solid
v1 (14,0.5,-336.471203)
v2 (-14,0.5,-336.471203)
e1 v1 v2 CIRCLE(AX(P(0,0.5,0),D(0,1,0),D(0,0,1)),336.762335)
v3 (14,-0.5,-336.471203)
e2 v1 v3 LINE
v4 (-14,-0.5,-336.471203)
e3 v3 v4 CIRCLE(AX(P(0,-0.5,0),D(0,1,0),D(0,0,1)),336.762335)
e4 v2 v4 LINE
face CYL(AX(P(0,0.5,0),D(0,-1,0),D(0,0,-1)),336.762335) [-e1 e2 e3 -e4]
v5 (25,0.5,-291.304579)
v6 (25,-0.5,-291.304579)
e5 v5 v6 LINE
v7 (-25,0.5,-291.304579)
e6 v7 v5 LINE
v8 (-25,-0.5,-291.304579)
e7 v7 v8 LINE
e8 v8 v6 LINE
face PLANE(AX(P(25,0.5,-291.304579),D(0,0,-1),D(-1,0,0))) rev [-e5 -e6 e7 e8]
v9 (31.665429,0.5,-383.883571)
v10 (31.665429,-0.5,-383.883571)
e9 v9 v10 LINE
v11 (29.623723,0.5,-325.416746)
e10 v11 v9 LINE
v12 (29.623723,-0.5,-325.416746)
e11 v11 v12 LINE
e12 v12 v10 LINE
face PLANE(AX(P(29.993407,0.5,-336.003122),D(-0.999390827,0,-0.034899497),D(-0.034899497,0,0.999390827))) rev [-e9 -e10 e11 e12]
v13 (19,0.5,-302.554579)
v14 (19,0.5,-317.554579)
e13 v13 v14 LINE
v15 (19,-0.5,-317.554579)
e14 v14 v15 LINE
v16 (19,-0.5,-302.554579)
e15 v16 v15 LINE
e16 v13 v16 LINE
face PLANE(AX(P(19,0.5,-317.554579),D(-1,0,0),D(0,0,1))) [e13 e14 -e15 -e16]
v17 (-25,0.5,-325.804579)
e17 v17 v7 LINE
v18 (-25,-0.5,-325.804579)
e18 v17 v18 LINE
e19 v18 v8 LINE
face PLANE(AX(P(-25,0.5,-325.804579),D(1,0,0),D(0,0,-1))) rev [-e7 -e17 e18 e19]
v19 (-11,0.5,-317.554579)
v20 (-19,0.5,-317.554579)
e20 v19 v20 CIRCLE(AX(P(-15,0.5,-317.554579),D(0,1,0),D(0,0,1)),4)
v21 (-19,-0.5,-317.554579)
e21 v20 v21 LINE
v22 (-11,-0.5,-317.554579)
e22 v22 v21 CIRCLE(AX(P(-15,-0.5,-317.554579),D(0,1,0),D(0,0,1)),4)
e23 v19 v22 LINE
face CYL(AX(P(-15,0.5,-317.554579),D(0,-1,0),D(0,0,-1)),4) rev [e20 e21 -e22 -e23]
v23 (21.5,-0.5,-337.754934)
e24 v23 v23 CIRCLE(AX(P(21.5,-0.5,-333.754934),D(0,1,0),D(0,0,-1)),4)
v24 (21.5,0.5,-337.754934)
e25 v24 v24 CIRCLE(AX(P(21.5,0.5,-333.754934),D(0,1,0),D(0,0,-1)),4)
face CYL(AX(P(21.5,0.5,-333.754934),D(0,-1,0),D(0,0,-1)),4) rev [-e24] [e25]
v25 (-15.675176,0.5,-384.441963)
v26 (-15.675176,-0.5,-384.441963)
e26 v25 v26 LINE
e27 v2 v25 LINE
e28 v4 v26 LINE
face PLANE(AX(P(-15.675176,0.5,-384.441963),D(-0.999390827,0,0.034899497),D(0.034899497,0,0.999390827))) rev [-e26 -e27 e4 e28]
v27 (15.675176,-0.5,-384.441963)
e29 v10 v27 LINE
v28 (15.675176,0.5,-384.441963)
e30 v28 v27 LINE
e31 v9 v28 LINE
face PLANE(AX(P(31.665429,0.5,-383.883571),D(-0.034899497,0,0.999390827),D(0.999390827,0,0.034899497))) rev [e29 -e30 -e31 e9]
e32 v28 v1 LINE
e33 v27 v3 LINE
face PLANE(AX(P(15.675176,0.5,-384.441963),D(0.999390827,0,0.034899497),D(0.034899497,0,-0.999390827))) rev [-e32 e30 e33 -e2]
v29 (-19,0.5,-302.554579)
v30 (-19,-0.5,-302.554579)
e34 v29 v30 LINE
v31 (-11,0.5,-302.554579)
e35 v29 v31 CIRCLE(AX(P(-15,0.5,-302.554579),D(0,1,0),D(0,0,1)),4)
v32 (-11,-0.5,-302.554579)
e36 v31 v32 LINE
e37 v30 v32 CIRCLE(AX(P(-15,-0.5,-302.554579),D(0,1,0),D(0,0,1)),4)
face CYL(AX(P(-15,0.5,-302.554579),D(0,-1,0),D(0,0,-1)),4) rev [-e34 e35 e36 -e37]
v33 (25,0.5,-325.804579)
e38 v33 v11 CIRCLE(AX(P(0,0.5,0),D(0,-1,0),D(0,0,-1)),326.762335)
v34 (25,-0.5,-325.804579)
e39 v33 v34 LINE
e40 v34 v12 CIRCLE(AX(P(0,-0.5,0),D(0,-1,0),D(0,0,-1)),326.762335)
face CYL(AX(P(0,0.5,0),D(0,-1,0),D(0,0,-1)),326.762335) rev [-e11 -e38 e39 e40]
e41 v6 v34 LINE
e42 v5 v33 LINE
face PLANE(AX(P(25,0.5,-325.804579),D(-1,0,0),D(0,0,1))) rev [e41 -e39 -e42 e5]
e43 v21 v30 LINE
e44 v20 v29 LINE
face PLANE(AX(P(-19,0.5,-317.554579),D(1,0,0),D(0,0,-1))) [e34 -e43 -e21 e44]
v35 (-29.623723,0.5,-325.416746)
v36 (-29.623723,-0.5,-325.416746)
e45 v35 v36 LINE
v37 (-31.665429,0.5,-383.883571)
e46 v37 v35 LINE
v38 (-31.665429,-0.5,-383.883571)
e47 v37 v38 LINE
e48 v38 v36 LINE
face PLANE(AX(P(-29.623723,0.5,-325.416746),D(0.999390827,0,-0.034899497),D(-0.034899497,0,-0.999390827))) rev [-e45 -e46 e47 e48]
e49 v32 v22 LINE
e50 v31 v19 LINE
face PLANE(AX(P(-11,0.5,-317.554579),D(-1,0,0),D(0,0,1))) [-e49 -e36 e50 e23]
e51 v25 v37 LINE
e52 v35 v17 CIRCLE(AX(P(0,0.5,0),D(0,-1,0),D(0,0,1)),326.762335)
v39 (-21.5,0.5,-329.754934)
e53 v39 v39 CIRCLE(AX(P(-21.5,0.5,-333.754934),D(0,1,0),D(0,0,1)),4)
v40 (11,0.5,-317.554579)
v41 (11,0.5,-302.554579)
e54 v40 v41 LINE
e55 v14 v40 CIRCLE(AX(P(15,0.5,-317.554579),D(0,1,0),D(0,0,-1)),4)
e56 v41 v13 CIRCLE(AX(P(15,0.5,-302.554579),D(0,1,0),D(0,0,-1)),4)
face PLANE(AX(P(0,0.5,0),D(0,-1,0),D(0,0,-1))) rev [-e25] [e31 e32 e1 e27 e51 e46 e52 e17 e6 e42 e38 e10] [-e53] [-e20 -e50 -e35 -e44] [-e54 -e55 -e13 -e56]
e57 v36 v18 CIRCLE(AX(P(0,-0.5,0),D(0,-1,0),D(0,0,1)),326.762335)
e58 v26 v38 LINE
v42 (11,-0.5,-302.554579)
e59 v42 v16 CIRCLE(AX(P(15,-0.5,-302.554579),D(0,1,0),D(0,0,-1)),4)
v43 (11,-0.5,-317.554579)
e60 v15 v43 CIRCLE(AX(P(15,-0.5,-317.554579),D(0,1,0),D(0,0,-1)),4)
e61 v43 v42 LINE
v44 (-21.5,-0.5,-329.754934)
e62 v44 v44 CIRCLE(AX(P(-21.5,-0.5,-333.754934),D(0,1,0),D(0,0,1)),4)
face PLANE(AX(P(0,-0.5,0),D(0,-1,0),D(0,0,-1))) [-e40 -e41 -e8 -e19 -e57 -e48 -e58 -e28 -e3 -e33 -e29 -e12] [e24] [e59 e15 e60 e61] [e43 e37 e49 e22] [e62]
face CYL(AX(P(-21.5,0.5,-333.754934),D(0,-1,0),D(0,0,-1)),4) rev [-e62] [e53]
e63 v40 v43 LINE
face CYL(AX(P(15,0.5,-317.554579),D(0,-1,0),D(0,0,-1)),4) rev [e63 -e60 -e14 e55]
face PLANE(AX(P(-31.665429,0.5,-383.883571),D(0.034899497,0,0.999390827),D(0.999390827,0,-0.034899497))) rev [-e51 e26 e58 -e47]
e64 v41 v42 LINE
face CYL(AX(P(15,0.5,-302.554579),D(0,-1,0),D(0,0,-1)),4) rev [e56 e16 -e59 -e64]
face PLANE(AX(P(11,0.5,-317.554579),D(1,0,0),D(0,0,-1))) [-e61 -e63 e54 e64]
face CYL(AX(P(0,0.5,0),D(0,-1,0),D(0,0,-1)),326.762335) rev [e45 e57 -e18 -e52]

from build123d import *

# Parameters (mm, degrees)
SKETCH1_R           = 4
BOSS_EXTRUDE1_DEPTH = 0.5


with BuildPart() as part:
    # Sketch1 → Boss-Extrude1 (new, symmetric)
    with BuildSketch(Plane(origin=(0, 0, 0), x_dir=(1, 0, 0), z_dir=(0, 1, 0))):
        with BuildLine():
            Line((25, 325.804578988), (25, 291.304578988))
            Line((25, 291.304578988), (-25, 291.304578988))
            Line((-25, 291.304578988), (-25, 325.804578988))
            ThreePointArc((-25, 325.804578988), (-27.31254969, 325.618869722), (-29.623722576, 325.416746266))
            Line((-29.623722576, 325.416746266), (-29.993406947, 336.003121544))
            Line((-29.993406947, 336.003121544), (-31.665429074, 383.883570667))
            Line((-31.665429074, 383.883570667), (-15.675175842, 384.441962615))
            Line((-15.675175842, 384.441962615), (-14, 336.471202918))
            ThreePointArc((-14, 336.471202918), (0, 336.762335175), (14, 336.471202918))
            Line((14, 336.471202918), (15.675175842, 384.441962615))
            Line((15.675175842, 384.441962615), (31.665429074, 383.883570667))
            Line((31.665429074, 383.883570667), (29.993406947, 336.003121544))
            Line((29.993406947, 336.003121544), (29.623722576, 325.416746266))
            ThreePointArc((29.623722576, 325.416746266), (27.31254969, 325.618869722), (25, 325.804578988))
        make_face()
        with Locations(Location((-21.5, 333.754934474, 0), (0, 0, 270))):
            Circle(SKETCH1_R, mode=Mode.SUBTRACT)
        with Locations(Location((21.5, 333.754934474, 0), (0, 0, 90))):
            Circle(SKETCH1_R, mode=Mode.SUBTRACT)
        with BuildLine():
            Line((-19, 317.554578988), (-19, 302.554578988))
            ThreePointArc((-19, 302.554578988), (-15, 298.554578988), (-11, 302.554578988))
            Line((-11, 302.554578988), (-11, 317.554578988))
            ThreePointArc((-11, 317.554578988), (-15, 321.554578988), (-19, 317.554578988))
        make_face(mode=Mode.SUBTRACT)
        with BuildLine():
            Line((19, 317.554578988), (19, 302.554578988))
            ThreePointArc((19, 302.554578988), (15, 298.554578988), (11, 302.554578988))
            Line((11, 302.554578988), (11, 317.554578988))
            ThreePointArc((11, 317.554578988), (15, 321.554578988), (19, 317.554578988))
        make_face(mode=Mode.SUBTRACT)
    extrude(amount=BOSS_EXTRUDE1_DEPTH, both=True)


solid = part.part
